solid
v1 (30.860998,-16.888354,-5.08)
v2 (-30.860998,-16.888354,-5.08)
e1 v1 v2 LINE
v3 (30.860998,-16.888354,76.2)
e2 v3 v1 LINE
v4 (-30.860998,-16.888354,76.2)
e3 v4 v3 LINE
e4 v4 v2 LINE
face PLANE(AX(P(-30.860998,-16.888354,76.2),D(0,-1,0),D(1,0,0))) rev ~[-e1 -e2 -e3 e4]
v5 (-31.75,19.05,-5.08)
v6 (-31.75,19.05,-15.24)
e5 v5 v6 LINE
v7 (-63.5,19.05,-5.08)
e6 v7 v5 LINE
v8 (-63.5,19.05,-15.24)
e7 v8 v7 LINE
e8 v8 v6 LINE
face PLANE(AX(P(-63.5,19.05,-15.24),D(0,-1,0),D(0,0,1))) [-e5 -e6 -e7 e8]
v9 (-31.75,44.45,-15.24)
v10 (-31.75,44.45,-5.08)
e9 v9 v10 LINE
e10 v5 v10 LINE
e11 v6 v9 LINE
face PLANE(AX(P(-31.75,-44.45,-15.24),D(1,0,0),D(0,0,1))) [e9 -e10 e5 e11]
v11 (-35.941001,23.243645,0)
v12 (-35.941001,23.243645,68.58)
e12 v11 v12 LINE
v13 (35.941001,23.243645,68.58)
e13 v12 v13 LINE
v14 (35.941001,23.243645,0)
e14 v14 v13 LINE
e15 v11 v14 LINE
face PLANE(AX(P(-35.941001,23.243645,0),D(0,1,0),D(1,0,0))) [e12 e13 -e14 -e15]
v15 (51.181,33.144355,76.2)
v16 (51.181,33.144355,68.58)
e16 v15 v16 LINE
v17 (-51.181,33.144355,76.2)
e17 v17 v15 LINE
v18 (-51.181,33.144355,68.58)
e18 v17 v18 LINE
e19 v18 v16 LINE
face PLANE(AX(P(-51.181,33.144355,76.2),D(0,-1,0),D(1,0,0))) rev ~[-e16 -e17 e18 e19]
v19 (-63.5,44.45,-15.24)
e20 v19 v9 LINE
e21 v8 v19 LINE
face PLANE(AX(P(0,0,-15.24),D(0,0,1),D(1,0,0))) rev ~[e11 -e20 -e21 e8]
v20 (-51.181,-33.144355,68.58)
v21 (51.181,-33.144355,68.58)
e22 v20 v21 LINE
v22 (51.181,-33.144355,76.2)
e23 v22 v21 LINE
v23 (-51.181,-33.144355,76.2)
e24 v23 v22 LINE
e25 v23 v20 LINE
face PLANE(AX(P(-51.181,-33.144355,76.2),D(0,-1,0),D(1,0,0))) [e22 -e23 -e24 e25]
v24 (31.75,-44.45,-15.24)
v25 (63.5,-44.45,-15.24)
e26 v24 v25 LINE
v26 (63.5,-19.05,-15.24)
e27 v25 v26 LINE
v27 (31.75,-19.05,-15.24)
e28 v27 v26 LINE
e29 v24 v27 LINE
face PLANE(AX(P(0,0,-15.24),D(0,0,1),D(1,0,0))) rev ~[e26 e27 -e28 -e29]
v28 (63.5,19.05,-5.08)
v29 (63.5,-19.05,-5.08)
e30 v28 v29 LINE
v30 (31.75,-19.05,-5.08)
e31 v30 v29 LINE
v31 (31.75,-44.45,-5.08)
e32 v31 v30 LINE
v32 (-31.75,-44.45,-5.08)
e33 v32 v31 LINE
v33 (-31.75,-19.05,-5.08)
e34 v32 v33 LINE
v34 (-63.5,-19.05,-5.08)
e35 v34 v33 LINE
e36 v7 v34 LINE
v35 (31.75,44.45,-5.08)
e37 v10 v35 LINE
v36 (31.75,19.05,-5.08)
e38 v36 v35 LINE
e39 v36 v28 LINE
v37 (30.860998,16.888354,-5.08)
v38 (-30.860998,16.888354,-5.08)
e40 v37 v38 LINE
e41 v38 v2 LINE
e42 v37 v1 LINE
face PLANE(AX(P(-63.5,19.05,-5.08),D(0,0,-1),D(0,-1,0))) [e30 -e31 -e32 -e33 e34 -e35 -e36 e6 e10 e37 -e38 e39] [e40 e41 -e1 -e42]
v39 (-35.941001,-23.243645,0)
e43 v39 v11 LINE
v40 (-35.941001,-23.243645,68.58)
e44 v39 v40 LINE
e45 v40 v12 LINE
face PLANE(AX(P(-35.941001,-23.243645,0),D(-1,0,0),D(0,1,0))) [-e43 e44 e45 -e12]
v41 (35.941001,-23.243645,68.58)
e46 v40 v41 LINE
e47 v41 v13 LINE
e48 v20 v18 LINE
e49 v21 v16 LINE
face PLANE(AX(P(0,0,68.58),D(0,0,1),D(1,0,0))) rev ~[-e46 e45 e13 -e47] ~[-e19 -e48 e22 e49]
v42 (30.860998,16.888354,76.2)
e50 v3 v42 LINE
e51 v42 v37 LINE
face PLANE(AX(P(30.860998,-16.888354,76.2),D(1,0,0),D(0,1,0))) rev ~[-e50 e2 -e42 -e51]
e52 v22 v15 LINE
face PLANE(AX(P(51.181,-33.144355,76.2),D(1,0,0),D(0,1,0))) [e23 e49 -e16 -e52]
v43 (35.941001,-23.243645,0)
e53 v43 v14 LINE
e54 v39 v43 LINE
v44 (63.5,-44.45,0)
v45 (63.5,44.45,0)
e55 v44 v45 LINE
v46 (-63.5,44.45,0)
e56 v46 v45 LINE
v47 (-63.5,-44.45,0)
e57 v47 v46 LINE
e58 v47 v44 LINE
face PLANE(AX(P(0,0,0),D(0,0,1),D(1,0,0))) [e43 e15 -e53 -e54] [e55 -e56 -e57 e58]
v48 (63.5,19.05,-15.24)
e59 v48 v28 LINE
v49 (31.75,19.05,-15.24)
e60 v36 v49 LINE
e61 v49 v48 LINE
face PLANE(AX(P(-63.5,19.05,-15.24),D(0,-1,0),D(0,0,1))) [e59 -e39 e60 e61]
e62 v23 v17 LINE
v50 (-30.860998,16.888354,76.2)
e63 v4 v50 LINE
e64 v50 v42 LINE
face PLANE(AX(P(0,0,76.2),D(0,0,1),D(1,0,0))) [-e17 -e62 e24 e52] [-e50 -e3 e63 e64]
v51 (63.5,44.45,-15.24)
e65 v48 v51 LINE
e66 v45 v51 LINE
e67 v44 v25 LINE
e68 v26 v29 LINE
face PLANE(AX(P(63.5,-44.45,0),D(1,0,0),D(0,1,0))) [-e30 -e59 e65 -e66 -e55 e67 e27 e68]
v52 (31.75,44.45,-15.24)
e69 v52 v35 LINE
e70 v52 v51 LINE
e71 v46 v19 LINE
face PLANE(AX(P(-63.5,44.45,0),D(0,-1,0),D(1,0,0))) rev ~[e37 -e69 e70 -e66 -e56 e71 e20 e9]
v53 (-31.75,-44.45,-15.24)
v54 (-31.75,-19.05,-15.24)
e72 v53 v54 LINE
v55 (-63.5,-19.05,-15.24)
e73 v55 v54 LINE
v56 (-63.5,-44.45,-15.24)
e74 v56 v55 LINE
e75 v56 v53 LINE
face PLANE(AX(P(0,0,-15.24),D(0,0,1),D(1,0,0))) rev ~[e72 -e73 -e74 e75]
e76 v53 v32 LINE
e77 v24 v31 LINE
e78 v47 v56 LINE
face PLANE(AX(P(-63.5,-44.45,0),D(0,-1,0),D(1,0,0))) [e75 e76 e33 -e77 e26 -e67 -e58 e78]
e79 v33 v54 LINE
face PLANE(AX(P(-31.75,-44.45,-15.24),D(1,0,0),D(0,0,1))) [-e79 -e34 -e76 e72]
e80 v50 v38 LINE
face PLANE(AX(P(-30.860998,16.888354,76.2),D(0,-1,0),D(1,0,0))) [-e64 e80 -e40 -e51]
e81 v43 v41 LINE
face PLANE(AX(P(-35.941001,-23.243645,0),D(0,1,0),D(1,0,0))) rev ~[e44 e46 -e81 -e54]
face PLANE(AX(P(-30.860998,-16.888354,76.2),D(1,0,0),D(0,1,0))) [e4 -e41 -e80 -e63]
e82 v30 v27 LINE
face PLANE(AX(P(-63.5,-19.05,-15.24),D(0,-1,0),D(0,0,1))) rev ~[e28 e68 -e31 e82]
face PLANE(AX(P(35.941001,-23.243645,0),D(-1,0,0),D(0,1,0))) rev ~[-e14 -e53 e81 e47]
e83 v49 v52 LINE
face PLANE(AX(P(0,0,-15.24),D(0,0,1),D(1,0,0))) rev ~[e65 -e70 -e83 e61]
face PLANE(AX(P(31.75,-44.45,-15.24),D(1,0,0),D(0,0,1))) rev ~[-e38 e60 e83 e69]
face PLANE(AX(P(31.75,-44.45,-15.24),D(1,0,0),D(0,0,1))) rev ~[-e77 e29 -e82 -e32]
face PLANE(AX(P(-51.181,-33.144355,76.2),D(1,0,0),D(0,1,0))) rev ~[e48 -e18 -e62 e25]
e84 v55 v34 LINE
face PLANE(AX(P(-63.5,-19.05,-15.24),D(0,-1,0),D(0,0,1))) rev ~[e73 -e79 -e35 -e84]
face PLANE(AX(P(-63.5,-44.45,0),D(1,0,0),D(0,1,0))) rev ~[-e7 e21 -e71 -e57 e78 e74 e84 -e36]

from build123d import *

# Parameters (mm, degrees)
F0_W      = 127
F0_H      = 88.9
F1_DEPTH  = 15.24
F2_W      = 63.5
F2_H      = 10.16
F3_DEPTH  = 88.9
F4_W      = 38.1
F4_H      = 10.16
F5_DEPTH  = 127
F6_W      = 71.8820020556
F6_H      = 46.4872904122
F7_DEPTH  = 76.2
F8_W      = 61.7219954729
F8_H      = 33.7767079473
F9_DEPTH  = 101.6
F10_W     = 102.3619994521
F10_H     = 66.2887096405
F10_W_2   = 71.8820020556
F10_H_2   = 46.4872904122
F11_DEPTH = 7.62


with BuildPart() as f1:
    # F0 (on Top) → F1 (new body)
    with BuildSketch(Plane.XY):
        Rectangle(F0_W, F0_H)
    extrude(amount=-F1_DEPTH)

    # F2 (on face) → F3 (cut)
    with BuildSketch(Plane.XZ.offset(44.45)):
        with Locations((0, -10.16)):
            Rectangle(F2_W, F2_H)
    extrude(amount=-F3_DEPTH, mode=Mode.SUBTRACT)

    # F4 (on face) → F5 (cut)
    with BuildSketch(Plane(origin=(-63.5, 0, 0), x_dir=(0, -1, 0), z_dir=(-1, 0, 0))):
        with Locations((0, -10.16)):
            Rectangle(F4_W, F4_H)
    extrude(amount=-F5_DEPTH, mode=Mode.SUBTRACT)

    # F6 (on face) → F7 (join)
    with BuildSketch(Plane.XY):
        Rectangle(F6_W, F6_H)
    extrude(amount=F7_DEPTH)

    # F8 (on face) → F9 (cut)
    with BuildSketch(Plane.XY.offset(76.2)):
        Rectangle(F8_W, F8_H)
    extrude(amount=-F9_DEPTH, mode=Mode.SUBTRACT)

    # F10 (on face) → F11 (join)
    with BuildSketch(Plane.XY.offset(76.2)):
        Rectangle(F10_W, F10_H)
        Rectangle(F10_W_2, F10_H_2, mode=Mode.SUBTRACT)
    extrude(amount=-F11_DEPTH)


solid = f1.part
